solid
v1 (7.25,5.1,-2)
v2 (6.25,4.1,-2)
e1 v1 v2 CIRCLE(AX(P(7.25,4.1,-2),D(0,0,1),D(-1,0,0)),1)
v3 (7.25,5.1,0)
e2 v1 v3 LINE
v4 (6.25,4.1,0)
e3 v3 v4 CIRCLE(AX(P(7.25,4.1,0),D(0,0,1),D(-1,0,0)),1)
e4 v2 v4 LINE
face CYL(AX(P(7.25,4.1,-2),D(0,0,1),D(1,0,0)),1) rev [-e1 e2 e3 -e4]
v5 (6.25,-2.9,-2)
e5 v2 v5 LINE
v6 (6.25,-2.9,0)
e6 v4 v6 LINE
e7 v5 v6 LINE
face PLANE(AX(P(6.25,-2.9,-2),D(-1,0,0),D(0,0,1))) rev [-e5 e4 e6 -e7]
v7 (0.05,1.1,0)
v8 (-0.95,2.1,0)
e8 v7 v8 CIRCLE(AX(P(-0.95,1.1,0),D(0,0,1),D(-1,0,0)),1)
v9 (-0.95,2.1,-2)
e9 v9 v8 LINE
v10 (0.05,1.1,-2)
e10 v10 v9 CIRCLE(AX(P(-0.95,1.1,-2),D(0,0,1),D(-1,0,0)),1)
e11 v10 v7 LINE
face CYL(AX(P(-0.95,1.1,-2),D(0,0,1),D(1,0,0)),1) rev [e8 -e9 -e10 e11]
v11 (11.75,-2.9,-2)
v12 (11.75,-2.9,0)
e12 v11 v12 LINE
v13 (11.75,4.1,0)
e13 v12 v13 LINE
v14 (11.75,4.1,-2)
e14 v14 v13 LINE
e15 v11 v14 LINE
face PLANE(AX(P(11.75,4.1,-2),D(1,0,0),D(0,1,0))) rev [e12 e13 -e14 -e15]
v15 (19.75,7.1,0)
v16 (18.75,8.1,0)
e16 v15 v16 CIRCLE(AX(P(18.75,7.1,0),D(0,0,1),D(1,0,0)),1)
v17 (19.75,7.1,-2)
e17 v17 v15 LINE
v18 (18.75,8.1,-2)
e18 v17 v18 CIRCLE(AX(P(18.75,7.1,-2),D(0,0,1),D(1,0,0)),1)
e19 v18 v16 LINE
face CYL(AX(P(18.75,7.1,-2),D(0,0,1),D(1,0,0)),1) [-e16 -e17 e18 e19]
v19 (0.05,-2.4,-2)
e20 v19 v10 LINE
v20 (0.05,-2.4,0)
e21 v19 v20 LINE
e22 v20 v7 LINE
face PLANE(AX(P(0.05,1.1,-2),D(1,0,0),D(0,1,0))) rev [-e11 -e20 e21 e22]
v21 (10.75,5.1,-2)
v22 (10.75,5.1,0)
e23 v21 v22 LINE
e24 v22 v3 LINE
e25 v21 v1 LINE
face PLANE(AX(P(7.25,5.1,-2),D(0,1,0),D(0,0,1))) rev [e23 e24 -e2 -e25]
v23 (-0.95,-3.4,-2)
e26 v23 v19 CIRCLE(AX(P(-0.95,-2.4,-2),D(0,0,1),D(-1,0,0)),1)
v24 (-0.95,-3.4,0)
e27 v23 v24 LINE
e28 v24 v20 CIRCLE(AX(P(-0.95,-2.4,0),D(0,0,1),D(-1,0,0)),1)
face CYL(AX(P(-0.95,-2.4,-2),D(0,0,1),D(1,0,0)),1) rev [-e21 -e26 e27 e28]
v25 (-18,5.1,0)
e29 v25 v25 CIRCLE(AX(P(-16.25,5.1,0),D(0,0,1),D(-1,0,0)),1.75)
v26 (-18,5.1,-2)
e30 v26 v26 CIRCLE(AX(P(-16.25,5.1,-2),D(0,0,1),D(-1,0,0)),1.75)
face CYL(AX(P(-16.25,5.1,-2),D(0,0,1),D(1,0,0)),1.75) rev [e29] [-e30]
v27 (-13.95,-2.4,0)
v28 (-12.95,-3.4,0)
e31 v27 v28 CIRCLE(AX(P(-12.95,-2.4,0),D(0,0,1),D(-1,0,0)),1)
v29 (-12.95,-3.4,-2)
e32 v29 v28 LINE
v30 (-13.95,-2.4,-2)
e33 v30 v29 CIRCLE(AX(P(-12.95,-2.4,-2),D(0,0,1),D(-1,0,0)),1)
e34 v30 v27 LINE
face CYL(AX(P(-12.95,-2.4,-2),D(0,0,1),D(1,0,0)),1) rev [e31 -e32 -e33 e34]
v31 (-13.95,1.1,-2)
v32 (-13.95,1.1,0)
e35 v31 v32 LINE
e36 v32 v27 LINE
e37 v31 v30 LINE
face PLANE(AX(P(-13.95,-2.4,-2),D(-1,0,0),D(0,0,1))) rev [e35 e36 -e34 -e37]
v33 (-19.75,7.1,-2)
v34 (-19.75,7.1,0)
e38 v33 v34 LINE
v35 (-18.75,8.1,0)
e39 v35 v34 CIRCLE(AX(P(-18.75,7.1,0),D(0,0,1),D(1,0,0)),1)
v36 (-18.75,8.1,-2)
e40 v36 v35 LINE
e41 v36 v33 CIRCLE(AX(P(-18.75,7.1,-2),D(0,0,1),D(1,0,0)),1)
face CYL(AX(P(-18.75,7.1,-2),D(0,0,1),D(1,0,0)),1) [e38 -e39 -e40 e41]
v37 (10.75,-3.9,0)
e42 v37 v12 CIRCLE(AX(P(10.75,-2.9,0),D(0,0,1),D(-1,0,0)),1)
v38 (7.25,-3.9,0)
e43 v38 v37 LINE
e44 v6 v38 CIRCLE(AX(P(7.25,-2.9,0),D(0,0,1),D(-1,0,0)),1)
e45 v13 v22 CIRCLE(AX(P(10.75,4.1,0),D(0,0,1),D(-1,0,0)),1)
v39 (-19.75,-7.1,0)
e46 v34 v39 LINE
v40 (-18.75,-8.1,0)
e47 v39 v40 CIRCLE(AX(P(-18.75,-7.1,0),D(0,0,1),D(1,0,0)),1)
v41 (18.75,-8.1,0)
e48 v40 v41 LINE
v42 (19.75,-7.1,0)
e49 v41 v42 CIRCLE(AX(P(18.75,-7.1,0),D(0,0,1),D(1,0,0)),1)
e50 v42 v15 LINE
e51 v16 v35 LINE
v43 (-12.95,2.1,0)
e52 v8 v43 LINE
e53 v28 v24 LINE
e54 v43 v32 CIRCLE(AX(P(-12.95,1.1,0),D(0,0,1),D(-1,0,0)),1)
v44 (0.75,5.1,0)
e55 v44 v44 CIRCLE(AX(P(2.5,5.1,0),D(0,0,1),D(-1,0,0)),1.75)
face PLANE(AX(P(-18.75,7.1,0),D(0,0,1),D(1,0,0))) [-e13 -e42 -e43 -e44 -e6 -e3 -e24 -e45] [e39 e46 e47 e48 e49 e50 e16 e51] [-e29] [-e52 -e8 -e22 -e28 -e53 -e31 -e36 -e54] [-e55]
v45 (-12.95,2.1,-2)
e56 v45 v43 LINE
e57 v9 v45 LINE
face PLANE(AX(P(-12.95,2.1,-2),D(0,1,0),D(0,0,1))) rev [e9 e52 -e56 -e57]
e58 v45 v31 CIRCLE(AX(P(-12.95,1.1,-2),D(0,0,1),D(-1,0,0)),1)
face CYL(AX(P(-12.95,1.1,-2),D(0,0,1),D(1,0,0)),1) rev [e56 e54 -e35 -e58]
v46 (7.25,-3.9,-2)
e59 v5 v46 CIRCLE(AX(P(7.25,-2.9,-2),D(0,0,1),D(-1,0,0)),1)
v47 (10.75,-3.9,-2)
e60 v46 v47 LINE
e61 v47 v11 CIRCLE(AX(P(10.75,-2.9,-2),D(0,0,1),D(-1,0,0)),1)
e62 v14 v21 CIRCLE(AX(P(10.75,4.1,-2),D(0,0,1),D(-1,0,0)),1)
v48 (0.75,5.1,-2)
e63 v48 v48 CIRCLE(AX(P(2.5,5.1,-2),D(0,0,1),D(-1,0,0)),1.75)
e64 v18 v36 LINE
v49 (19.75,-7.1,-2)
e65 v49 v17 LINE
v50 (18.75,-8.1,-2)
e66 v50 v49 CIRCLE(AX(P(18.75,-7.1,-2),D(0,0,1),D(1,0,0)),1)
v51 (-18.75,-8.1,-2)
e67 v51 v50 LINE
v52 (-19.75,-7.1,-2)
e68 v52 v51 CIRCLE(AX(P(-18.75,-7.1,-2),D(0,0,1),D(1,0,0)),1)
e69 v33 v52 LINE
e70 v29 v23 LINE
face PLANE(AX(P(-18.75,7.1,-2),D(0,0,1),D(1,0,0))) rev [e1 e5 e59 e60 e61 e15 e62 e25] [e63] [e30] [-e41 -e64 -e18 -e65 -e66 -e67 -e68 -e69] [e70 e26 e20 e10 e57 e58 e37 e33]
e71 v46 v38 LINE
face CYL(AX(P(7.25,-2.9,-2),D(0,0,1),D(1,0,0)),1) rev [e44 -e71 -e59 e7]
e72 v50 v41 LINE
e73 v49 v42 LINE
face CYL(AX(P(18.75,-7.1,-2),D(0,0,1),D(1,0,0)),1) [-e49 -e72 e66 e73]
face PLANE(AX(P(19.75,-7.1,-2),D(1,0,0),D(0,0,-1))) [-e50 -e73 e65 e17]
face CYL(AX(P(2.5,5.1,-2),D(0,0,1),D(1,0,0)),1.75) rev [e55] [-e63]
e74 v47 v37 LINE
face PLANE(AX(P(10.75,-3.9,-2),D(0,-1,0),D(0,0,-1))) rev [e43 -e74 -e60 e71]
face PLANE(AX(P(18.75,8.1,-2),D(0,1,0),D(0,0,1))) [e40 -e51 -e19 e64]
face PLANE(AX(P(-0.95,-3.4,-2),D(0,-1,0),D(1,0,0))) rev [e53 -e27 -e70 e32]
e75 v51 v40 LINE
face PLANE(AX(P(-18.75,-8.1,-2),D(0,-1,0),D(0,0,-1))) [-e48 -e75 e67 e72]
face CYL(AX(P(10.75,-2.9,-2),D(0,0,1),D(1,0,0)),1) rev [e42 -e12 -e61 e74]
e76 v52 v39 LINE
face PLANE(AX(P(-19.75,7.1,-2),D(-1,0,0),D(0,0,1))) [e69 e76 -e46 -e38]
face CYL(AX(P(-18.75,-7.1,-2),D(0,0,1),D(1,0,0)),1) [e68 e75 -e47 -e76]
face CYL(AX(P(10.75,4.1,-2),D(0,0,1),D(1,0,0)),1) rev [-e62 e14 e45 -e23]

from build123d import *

# Parameters (mm, degrees)
SKETCH1_R           = 1.75
BOSS_EXTRUDE1_DEPTH = 2


with BuildPart() as part:
    # Sketch1 → Boss-Extrude1 (new body)
    with BuildSketch(Plane.XY):
        with BuildLine():
            Line((-19.75, 7.1), (-19.75, -7.1))
            ThreePointArc((-19.75, -7.1), (-19.457106781, -7.807106781), (-18.75, -8.1))
            Line((-18.75, -8.1), (18.75, -8.1))
            ThreePointArc((18.75, -8.1), (19.457106781, -7.807106781), (19.75, -7.1))
            Line((19.75, -7.1), (19.75, 7.1))
            ThreePointArc((19.75, 7.1), (19.457106781, 7.807106781), (18.75, 8.1))
            Line((18.75, 8.1), (-18.75, 8.1))
            ThreePointArc((-18.75, 8.1), (-19.457106781, 7.807106781), (-19.75, 7.1))
        make_face()
        with Locations(Location((-16.25, 5.1, 0), (0, 0, 180))):
            Circle(SKETCH1_R, mode=Mode.SUBTRACT)
        with Locations(Location((2.5, 5.1, 0), (0, 0, 180))):
            Circle(SKETCH1_R, mode=Mode.SUBTRACT)
        with BuildLine():
            Line((7.25, 5.1), (10.75, 5.1))
            ThreePointArc((10.75, 5.1), (11.457106781, 4.807106781), (11.75, 4.1))
            Line((11.75, 4.1), (11.75, -2.9))
            ThreePointArc((11.75, -2.9), (11.457106781, -3.607106781), (10.75, -3.9))
            Line((10.75, -3.9), (7.25, -3.9))
            ThreePointArc((7.25, -3.9), (6.542893219, -3.607106781), (6.25, -2.9))
            Line((6.25, -2.9), (6.25, 4.1))
            ThreePointArc((6.25, 4.1), (6.542893219, 4.807106781), (7.25, 5.1))
        make_face(mode=Mode.SUBTRACT)
        with BuildLine():
            Line((-12.95, 2.1), (-0.95, 2.1))
            ThreePointArc((-0.95, 2.1), (-0.242893219, 1.807106781), (0.05, 1.1))
            Line((0.05, 1.1), (0.05, -2.4))
            ThreePointArc((0.05, -2.4), (-0.242893219, -3.107106781), (-0.95, -3.4))
            Line((-0.95, -3.4), (-12.95, -3.4))
            ThreePointArc((-12.95, -3.4), (-13.657106781, -3.107106781), (-13.95, -2.4))
            Line((-13.95, -2.4), (-13.95, 1.1))
            ThreePointArc((-13.95, 1.1), (-13.657106781, 1.807106781), (-12.95, 2.1))
        make_face(mode=Mode.SUBTRACT)
    extrude(amount=-BOSS_EXTRUDE1_DEPTH)


solid = part.part
